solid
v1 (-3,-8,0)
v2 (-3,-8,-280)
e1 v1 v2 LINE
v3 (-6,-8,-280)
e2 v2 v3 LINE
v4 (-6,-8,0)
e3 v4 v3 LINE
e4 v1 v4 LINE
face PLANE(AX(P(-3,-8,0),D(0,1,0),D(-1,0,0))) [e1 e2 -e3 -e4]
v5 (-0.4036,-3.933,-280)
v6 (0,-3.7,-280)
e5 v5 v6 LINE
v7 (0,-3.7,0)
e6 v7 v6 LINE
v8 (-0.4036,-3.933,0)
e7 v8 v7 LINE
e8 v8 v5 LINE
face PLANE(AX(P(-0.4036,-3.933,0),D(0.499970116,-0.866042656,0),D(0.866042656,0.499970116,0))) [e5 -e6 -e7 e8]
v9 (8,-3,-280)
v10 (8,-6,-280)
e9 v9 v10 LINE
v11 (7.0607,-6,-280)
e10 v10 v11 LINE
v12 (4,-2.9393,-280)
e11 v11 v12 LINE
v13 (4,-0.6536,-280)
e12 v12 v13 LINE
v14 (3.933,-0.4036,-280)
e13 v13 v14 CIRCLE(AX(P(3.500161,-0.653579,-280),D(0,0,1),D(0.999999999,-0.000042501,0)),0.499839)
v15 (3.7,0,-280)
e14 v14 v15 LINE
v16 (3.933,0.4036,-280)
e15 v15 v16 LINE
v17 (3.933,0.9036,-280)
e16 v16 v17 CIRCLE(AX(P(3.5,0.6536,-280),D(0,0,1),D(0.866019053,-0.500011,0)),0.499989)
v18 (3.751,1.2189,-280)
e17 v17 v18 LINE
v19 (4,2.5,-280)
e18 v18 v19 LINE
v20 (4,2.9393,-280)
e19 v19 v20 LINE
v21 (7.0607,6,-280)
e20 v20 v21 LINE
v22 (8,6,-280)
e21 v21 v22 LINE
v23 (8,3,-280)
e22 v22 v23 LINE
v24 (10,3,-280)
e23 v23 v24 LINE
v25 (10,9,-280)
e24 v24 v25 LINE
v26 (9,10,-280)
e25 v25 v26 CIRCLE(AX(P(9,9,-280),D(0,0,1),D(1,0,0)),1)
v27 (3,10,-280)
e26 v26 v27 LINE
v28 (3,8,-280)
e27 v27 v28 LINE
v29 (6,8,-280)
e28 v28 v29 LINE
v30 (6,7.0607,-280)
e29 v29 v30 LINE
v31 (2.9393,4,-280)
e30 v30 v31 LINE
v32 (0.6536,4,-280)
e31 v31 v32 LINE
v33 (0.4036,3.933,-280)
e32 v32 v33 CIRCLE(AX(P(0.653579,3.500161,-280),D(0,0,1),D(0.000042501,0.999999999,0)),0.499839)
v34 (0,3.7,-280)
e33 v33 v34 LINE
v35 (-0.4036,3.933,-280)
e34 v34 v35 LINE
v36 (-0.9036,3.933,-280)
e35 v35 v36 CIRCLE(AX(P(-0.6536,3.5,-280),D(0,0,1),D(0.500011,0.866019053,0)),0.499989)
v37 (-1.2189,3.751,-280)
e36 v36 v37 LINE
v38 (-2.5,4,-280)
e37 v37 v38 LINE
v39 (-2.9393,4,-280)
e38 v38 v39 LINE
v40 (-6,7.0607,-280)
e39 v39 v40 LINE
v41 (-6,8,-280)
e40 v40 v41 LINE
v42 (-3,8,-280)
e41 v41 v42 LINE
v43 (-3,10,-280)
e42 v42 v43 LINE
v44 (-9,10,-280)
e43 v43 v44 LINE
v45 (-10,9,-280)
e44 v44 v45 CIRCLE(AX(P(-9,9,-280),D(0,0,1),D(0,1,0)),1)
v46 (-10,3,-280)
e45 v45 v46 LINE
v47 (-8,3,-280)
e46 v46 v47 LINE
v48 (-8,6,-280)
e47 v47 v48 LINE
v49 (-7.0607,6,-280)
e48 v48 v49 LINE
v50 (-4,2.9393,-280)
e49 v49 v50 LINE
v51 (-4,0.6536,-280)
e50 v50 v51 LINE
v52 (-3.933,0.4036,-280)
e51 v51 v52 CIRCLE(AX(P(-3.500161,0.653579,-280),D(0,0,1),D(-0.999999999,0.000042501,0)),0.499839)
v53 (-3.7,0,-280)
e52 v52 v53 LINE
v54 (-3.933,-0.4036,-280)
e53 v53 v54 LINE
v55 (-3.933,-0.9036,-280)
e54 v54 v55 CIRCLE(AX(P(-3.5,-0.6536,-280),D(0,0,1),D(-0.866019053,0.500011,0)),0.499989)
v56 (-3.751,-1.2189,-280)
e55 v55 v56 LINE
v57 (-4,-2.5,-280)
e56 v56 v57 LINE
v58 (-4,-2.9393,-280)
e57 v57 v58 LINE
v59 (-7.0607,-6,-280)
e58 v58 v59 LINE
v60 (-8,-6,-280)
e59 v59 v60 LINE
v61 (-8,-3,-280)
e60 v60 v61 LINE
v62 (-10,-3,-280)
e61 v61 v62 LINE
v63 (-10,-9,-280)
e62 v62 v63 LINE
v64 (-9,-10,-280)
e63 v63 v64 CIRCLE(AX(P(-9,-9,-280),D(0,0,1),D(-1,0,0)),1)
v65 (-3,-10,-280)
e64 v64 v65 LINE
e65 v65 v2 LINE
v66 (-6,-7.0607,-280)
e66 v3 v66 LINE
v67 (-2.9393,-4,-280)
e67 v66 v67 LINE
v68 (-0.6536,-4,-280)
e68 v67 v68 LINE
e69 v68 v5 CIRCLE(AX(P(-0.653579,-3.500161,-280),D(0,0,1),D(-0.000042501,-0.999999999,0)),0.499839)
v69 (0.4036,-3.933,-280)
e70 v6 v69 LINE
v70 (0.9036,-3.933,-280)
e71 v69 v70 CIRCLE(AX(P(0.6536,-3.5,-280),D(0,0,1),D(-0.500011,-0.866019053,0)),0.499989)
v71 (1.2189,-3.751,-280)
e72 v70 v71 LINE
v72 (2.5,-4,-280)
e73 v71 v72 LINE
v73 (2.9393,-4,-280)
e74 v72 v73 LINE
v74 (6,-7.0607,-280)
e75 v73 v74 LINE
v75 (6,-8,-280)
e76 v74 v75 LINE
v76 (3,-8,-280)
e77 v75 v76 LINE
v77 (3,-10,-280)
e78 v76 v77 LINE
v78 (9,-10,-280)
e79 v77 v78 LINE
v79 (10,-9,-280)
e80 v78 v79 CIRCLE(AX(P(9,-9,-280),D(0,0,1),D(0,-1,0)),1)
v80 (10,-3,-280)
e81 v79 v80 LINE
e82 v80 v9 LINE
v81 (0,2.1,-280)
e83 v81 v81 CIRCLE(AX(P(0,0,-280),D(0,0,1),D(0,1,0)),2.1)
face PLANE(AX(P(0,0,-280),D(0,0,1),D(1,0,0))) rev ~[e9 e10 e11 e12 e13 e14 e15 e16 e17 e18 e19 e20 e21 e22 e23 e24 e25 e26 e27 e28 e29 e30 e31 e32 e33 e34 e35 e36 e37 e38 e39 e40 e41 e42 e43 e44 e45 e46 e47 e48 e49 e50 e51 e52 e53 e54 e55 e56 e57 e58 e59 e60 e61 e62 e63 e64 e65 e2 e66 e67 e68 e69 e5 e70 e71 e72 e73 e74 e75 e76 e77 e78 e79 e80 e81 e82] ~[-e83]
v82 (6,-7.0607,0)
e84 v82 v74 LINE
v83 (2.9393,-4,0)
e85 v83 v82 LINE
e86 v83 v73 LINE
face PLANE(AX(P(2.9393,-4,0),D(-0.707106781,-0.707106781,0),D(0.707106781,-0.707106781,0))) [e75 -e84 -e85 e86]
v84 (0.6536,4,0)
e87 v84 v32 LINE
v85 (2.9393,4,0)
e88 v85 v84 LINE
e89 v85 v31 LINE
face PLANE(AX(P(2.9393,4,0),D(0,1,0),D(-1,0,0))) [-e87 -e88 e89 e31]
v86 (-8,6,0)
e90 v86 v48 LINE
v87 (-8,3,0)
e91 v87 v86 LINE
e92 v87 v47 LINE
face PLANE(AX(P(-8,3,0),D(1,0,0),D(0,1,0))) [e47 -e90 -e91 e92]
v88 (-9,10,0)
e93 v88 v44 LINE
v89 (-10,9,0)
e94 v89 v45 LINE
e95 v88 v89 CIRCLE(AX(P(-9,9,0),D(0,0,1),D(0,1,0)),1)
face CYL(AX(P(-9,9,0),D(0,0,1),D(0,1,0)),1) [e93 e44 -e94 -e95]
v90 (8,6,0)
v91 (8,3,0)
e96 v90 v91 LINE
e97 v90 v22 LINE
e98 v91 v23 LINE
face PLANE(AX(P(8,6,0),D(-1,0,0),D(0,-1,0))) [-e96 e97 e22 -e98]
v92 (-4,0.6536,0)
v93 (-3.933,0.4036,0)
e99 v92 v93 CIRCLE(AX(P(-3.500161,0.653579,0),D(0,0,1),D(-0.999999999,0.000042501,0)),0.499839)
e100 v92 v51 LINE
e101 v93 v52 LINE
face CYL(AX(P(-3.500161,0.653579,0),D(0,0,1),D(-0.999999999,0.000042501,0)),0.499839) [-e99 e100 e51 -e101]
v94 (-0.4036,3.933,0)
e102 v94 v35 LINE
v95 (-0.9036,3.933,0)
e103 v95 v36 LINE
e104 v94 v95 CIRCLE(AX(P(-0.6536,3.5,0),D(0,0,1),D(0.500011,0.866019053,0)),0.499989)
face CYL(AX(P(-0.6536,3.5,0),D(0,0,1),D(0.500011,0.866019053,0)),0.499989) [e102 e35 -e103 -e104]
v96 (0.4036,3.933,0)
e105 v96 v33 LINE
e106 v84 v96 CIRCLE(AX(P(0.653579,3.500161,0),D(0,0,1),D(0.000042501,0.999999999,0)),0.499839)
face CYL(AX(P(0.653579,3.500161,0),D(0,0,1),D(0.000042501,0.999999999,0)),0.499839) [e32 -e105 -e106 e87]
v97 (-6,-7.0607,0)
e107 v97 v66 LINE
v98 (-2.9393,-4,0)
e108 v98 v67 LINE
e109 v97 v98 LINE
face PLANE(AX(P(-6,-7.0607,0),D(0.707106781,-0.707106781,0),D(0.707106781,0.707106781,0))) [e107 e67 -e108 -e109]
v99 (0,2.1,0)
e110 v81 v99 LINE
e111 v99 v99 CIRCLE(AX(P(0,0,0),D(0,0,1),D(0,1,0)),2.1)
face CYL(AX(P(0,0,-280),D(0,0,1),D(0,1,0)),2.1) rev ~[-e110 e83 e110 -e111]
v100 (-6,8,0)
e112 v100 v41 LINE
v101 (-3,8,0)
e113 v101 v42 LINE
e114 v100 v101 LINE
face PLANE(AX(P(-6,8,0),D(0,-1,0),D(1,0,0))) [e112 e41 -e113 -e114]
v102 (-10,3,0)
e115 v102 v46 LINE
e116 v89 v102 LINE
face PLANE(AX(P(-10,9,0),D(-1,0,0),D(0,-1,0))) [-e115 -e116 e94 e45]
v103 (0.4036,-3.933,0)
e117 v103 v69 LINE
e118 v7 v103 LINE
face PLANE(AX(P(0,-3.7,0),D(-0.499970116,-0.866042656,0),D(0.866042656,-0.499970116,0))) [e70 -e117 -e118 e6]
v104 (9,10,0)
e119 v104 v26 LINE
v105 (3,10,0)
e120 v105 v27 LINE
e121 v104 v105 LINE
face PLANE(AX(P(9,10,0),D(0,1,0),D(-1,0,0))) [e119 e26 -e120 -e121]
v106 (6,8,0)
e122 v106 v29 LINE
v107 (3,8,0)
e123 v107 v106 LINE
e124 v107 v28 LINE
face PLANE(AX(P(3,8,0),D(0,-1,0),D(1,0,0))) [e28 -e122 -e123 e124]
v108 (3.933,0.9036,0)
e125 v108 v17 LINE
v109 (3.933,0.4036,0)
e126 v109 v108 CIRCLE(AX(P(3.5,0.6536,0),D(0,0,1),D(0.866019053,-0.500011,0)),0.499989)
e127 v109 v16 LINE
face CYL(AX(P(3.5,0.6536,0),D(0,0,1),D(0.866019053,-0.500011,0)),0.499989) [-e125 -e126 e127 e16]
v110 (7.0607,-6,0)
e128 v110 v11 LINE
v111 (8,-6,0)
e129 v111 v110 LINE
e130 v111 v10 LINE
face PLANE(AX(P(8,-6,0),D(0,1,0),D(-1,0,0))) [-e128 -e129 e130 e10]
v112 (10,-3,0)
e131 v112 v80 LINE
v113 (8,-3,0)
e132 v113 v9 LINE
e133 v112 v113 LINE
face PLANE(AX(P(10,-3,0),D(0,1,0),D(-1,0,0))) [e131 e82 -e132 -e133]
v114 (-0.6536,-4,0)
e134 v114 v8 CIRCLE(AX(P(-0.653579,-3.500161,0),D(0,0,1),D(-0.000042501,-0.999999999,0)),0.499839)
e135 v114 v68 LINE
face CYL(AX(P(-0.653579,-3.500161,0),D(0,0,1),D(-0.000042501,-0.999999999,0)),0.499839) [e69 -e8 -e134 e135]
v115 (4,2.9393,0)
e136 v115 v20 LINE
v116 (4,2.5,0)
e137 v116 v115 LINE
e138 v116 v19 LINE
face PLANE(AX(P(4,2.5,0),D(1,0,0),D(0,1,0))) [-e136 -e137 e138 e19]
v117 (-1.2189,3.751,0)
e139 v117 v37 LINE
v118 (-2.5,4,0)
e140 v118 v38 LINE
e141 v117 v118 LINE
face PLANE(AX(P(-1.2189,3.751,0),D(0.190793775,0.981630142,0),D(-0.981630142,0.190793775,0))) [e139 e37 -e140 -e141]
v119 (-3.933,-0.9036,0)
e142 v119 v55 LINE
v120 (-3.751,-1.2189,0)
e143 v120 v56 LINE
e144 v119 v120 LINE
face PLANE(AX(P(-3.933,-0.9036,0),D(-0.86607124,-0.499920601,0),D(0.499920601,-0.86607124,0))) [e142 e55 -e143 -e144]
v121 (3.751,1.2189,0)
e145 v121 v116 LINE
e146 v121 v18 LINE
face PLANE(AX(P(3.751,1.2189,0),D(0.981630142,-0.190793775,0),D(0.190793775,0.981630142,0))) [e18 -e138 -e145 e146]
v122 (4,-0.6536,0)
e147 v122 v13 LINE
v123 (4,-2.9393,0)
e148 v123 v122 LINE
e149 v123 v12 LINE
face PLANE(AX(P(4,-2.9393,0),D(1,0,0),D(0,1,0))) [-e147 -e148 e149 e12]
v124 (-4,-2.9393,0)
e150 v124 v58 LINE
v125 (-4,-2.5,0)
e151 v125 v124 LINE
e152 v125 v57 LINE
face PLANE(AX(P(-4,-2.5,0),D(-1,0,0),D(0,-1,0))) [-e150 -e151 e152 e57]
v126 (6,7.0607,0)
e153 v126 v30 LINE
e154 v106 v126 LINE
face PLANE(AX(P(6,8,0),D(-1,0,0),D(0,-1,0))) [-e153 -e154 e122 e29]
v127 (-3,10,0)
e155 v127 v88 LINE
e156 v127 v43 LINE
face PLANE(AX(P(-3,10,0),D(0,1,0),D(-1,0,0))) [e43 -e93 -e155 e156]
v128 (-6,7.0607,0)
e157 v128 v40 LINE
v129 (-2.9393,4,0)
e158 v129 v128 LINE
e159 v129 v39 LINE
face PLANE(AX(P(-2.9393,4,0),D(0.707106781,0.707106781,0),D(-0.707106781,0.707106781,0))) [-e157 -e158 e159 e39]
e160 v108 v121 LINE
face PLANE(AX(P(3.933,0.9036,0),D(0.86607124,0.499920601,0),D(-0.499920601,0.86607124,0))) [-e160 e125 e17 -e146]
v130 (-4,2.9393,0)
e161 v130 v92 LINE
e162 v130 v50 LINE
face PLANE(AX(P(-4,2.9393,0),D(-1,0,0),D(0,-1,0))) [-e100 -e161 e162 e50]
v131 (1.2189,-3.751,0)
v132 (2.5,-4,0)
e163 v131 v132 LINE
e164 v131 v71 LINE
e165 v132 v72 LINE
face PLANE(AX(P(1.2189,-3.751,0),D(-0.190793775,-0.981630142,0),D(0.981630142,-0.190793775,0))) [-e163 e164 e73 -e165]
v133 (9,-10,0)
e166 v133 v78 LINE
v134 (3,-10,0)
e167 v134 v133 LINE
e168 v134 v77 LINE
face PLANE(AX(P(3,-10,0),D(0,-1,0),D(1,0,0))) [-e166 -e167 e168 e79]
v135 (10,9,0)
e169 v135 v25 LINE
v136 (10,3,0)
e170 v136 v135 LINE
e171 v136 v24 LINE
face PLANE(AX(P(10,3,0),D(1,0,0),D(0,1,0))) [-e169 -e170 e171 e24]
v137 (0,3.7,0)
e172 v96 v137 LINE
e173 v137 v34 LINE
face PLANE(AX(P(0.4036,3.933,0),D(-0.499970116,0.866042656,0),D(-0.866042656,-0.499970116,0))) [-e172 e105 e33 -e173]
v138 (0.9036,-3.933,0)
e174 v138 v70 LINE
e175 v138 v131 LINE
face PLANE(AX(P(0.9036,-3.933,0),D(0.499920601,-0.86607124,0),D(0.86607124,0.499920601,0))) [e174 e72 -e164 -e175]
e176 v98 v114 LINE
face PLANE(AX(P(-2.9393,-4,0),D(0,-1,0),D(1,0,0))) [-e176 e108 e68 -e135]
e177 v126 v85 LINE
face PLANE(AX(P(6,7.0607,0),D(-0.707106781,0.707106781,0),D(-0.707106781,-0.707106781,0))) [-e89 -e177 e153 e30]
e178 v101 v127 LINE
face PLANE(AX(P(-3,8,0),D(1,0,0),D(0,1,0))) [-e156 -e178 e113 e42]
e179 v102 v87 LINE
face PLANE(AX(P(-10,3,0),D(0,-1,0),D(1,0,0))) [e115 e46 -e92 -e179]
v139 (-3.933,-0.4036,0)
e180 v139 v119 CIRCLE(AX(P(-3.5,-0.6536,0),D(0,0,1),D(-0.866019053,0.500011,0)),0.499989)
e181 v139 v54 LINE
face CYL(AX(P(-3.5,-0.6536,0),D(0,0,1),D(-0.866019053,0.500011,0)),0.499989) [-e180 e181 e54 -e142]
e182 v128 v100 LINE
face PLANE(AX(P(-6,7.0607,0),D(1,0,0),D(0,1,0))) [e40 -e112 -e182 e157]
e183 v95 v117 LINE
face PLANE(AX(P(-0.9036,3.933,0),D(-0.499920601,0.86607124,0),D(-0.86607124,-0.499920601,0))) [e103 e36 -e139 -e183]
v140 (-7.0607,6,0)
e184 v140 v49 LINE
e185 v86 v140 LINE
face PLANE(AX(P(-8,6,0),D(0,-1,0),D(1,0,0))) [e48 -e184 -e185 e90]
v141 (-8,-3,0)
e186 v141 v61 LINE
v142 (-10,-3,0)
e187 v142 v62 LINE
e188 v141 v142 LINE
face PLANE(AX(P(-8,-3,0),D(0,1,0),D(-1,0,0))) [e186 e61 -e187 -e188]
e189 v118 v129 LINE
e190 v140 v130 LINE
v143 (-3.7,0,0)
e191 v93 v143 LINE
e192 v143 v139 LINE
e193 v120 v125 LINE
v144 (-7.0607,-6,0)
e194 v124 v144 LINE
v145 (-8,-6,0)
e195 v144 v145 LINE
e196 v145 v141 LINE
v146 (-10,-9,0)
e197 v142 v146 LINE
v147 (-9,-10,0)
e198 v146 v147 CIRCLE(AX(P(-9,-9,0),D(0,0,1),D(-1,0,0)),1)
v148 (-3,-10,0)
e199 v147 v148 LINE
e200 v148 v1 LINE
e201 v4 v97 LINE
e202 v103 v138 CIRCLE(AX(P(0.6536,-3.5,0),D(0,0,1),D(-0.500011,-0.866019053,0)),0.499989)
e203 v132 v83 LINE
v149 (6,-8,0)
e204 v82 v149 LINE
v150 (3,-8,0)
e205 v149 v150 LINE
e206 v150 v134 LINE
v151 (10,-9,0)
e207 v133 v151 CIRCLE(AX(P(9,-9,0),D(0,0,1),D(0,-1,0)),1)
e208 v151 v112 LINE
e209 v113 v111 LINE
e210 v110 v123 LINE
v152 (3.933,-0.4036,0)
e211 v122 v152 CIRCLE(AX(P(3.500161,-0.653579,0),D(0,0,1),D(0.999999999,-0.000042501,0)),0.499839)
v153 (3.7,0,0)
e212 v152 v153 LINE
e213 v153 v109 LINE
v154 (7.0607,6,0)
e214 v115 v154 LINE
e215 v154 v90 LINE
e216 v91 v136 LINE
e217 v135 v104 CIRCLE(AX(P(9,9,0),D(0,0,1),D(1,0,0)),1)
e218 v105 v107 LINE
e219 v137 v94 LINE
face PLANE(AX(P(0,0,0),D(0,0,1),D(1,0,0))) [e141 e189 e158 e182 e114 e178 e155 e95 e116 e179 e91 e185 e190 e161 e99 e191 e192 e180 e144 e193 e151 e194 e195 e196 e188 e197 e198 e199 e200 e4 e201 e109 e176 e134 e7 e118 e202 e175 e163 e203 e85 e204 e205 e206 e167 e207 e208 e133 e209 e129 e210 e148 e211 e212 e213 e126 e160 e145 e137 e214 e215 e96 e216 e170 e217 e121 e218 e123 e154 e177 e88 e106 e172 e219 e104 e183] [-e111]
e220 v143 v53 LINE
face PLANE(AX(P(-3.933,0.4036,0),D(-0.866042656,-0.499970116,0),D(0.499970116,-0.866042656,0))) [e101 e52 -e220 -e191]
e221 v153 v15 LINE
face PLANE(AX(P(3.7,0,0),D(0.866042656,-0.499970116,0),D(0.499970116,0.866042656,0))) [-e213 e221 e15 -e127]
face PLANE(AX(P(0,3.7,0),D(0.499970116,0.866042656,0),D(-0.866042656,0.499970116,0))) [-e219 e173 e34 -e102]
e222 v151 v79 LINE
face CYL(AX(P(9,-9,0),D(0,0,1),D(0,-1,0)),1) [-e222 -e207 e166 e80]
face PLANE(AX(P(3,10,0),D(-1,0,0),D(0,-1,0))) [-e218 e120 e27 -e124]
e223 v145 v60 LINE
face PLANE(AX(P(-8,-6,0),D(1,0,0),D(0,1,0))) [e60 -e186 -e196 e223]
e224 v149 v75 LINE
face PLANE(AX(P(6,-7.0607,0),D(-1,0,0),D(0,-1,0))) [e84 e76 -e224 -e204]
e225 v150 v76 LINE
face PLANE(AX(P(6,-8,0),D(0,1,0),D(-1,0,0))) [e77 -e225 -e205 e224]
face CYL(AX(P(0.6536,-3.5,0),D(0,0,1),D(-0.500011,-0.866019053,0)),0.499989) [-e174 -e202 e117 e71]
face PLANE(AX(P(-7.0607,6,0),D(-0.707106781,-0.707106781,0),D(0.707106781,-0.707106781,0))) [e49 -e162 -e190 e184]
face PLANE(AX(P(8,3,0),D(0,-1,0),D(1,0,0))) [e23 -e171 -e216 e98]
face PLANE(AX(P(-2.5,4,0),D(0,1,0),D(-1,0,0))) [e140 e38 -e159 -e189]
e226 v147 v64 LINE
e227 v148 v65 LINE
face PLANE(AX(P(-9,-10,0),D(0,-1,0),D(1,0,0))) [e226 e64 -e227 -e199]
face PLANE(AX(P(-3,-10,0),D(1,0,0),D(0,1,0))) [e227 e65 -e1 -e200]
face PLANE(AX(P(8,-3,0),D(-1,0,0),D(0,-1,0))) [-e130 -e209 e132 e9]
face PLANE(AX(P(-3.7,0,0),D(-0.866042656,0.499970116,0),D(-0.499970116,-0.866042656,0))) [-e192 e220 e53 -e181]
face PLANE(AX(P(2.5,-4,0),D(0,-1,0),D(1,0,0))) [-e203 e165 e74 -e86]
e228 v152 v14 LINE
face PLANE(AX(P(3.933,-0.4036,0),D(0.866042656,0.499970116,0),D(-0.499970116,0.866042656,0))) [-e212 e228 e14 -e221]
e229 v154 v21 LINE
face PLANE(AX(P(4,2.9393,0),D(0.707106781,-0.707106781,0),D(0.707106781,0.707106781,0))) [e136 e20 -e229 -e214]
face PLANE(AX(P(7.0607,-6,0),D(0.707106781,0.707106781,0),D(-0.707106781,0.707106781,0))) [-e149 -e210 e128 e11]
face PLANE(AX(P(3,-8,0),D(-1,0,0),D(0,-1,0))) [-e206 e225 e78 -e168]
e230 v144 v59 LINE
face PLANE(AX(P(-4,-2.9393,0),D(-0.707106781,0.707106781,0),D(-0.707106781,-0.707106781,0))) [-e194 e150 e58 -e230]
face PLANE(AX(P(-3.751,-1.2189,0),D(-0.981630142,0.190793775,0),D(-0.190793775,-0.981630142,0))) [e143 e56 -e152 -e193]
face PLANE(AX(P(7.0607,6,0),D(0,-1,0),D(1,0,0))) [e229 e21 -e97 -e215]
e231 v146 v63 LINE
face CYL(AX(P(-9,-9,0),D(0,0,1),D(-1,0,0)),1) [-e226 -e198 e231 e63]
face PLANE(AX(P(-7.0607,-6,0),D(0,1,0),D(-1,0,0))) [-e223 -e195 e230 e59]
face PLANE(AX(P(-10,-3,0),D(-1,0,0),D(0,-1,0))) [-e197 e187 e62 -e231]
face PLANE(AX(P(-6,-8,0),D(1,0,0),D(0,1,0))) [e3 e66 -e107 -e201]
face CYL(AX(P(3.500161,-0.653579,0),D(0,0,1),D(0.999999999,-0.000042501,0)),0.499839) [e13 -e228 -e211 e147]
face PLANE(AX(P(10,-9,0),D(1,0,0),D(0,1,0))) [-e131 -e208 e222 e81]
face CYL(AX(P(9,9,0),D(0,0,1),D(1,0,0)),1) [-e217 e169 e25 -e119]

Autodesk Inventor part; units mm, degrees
sketch "Sketch_75" plane through (0, 0, 0) normal (0, 0, 1) x (1, 0, 0)
  line L0 (-10, -3) -> (-10, -9)
  arc A0 (-10, -9) -> (-9, -10) centre (-9, -9) ccw
  line L1 (-9, -10) -> (-3, -10)
  line L2 (-3, -10) -> (-3, -8)
  line L3 (-3, -8) -> (-6, -8)
  line L4 (-6, -8) -> (-6, -7.0607)
  line L5 (-6, -7.0607) -> (-2.9393, -4)
  line L6 (-2.9393, -4) -> (-0.6536, -4)
  arc A1 (-0.6536, -4) -> (-0.4036, -3.933) centre (-0.6536, -3.5) ccw
  line L7 (-0.4036, -3.933) -> (0, -3.7)
  line L8 (0, -3.7) -> (0.4036, -3.933)
  arc A2 (0.4036, -3.933) -> (0.9036, -3.933) centre (0.6536, -3.5) ccw
  line L9 (0.9036, -3.933) -> (1.2189, -3.751)
  line L10 (1.2189, -3.751) -> (2.5, -4)
  line L11 (2.5, -4) -> (2.9393, -4)
  line L12 (2.9393, -4) -> (6, -7.0607)
  line L13 (6, -7.0607) -> (6, -8)
  line L14 (6, -8) -> (3, -8)
  line L15 (3, -8) -> (3, -10)
  line L16 (3, -10) -> (9, -10)
  arc A3 (9, -10) -> (10, -9) centre (9, -9) ccw
  line L17 (10, -9) -> (10, -3)
  line L18 (10, -3) -> (8, -3)
  line L19 (8, -3) -> (8, -6)
  line L20 (8, -6) -> (7.0607, -6)
  line L21 (7.0607, -6) -> (4, -2.9393)
  line L22 (4, -2.9393) -> (4, -0.6536)
  arc A4 (4, -0.6536) -> (3.933, -0.4036) centre (3.5, -0.6536) ccw
  line L23 (3.933, -0.4036) -> (3.7, 0)
  line L24 (3.7, 0) -> (3.933, 0.4036)
  arc A5 (3.933, 0.4036) -> (3.933, 0.9036) centre (3.5, 0.6536) ccw
  line L25 (3.933, 0.9036) -> (3.751, 1.2189)
  line L26 (3.751, 1.2189) -> (4, 2.5)
  line L27 (4, 2.5) -> (4, 2.9393)
  line L28 (4, 2.9393) -> (7.0607, 6)
  line L29 (7.0607, 6) -> (8, 6)
  line L30 (8, 6) -> (8, 3)
  line L31 (8, 3) -> (10, 3)
  line L32 (10, 3) -> (10, 9)
  arc A6 (10, 9) -> (9, 10) centre (9, 9) ccw
  line L33 (9, 10) -> (3, 10)
  line L34 (3, 10) -> (3, 8)
  line L35 (3, 8) -> (6, 8)
  line L36 (6, 8) -> (6, 7.0607)
  line L37 (6, 7.0607) -> (2.9393, 4)
  line L38 (2.9393, 4) -> (0.6536, 4)
  arc A7 (0.6536, 4) -> (0.4036, 3.933) centre (0.6536, 3.5) ccw
  line L39 (0.4036, 3.933) -> (0, 3.7)
  line L40 (0, 3.7) -> (-0.4036, 3.933)
  arc A8 (-0.4036, 3.933) -> (-0.9036, 3.933) centre (-0.6536, 3.5) ccw
  line L41 (-0.9036, 3.933) -> (-1.2189, 3.751)
  line L42 (-1.2189, 3.751) -> (-2.5, 4)
  line L43 (-2.5, 4) -> (-2.9393, 4)
  line L44 (-2.9393, 4) -> (-6, 7.0607)
  line L45 (-6, 7.0607) -> (-6, 8)
  line L46 (-6, 8) -> (-3, 8)
  line L47 (-3, 8) -> (-3, 10)
  line L48 (-3, 10) -> (-9, 10)
  arc A9 (-9, 10) -> (-10, 9) centre (-9, 9) ccw
  line L49 (-10, 9) -> (-10, 3)
  line L50 (-10, 3) -> (-8, 3)
  line L51 (-8, 3) -> (-8, 6)
  line L52 (-8, 6) -> (-7.0607, 6)
  line L53 (-7.0607, 6) -> (-4, 2.9393)
  line L54 (-4, 2.9393) -> (-4, 0.6536)
  arc A10 (-4, 0.6536) -> (-3.933, 0.4036) centre (-3.5, 0.6536) ccw
  line L55 (-3.933, 0.4036) -> (-3.7, 0)
  line L56 (-3.7, 0) -> (-3.933, -0.4036)
  arc A11 (-3.933, -0.4036) -> (-3.933, -0.9036) centre (-3.5, -0.6536) ccw
  line L57 (-3.933, -0.9036) -> (-3.751, -1.2189)
  line L58 (-3.751, -1.2189) -> (-4, -2.5)
  line L59 (-4, -2.5) -> (-4, -2.9393)
  line L60 (-4, -2.9393) -> (-7.0607, -6)
  line L61 (-7.0607, -6) -> (-8, -6)
  line L62 (-8, -6) -> (-8, -3)
  line L63 (-8, -3) -> (-10, -3)
extrude "Extrusion1" add sketch "Sketch_75" against normal blind 280
sketch "Sketch2" plane through (0, 0, -280) normal (0, 0, -1) x (-1, 0, 0)
  point P0 (0, 0)
hole "Hole1" at (0, 0, -280) direction (0, 0, 1) diameter 4.2 depth 351
ref_plane "C1_XY" through (0, 0, 0) normal (0, 0, 1) x (1, 0, 0)
ref_plane "C1_YZ" through (0, 0, 0) normal (1, 0, 0) x (0, 1, 0)
ref_plane "C1_ZX" through (0, 0, 0) normal (0, 1, 0) x (0, 0, 1)
properties part number "NFS5-2020_1" material "アルミニウム 6061"
